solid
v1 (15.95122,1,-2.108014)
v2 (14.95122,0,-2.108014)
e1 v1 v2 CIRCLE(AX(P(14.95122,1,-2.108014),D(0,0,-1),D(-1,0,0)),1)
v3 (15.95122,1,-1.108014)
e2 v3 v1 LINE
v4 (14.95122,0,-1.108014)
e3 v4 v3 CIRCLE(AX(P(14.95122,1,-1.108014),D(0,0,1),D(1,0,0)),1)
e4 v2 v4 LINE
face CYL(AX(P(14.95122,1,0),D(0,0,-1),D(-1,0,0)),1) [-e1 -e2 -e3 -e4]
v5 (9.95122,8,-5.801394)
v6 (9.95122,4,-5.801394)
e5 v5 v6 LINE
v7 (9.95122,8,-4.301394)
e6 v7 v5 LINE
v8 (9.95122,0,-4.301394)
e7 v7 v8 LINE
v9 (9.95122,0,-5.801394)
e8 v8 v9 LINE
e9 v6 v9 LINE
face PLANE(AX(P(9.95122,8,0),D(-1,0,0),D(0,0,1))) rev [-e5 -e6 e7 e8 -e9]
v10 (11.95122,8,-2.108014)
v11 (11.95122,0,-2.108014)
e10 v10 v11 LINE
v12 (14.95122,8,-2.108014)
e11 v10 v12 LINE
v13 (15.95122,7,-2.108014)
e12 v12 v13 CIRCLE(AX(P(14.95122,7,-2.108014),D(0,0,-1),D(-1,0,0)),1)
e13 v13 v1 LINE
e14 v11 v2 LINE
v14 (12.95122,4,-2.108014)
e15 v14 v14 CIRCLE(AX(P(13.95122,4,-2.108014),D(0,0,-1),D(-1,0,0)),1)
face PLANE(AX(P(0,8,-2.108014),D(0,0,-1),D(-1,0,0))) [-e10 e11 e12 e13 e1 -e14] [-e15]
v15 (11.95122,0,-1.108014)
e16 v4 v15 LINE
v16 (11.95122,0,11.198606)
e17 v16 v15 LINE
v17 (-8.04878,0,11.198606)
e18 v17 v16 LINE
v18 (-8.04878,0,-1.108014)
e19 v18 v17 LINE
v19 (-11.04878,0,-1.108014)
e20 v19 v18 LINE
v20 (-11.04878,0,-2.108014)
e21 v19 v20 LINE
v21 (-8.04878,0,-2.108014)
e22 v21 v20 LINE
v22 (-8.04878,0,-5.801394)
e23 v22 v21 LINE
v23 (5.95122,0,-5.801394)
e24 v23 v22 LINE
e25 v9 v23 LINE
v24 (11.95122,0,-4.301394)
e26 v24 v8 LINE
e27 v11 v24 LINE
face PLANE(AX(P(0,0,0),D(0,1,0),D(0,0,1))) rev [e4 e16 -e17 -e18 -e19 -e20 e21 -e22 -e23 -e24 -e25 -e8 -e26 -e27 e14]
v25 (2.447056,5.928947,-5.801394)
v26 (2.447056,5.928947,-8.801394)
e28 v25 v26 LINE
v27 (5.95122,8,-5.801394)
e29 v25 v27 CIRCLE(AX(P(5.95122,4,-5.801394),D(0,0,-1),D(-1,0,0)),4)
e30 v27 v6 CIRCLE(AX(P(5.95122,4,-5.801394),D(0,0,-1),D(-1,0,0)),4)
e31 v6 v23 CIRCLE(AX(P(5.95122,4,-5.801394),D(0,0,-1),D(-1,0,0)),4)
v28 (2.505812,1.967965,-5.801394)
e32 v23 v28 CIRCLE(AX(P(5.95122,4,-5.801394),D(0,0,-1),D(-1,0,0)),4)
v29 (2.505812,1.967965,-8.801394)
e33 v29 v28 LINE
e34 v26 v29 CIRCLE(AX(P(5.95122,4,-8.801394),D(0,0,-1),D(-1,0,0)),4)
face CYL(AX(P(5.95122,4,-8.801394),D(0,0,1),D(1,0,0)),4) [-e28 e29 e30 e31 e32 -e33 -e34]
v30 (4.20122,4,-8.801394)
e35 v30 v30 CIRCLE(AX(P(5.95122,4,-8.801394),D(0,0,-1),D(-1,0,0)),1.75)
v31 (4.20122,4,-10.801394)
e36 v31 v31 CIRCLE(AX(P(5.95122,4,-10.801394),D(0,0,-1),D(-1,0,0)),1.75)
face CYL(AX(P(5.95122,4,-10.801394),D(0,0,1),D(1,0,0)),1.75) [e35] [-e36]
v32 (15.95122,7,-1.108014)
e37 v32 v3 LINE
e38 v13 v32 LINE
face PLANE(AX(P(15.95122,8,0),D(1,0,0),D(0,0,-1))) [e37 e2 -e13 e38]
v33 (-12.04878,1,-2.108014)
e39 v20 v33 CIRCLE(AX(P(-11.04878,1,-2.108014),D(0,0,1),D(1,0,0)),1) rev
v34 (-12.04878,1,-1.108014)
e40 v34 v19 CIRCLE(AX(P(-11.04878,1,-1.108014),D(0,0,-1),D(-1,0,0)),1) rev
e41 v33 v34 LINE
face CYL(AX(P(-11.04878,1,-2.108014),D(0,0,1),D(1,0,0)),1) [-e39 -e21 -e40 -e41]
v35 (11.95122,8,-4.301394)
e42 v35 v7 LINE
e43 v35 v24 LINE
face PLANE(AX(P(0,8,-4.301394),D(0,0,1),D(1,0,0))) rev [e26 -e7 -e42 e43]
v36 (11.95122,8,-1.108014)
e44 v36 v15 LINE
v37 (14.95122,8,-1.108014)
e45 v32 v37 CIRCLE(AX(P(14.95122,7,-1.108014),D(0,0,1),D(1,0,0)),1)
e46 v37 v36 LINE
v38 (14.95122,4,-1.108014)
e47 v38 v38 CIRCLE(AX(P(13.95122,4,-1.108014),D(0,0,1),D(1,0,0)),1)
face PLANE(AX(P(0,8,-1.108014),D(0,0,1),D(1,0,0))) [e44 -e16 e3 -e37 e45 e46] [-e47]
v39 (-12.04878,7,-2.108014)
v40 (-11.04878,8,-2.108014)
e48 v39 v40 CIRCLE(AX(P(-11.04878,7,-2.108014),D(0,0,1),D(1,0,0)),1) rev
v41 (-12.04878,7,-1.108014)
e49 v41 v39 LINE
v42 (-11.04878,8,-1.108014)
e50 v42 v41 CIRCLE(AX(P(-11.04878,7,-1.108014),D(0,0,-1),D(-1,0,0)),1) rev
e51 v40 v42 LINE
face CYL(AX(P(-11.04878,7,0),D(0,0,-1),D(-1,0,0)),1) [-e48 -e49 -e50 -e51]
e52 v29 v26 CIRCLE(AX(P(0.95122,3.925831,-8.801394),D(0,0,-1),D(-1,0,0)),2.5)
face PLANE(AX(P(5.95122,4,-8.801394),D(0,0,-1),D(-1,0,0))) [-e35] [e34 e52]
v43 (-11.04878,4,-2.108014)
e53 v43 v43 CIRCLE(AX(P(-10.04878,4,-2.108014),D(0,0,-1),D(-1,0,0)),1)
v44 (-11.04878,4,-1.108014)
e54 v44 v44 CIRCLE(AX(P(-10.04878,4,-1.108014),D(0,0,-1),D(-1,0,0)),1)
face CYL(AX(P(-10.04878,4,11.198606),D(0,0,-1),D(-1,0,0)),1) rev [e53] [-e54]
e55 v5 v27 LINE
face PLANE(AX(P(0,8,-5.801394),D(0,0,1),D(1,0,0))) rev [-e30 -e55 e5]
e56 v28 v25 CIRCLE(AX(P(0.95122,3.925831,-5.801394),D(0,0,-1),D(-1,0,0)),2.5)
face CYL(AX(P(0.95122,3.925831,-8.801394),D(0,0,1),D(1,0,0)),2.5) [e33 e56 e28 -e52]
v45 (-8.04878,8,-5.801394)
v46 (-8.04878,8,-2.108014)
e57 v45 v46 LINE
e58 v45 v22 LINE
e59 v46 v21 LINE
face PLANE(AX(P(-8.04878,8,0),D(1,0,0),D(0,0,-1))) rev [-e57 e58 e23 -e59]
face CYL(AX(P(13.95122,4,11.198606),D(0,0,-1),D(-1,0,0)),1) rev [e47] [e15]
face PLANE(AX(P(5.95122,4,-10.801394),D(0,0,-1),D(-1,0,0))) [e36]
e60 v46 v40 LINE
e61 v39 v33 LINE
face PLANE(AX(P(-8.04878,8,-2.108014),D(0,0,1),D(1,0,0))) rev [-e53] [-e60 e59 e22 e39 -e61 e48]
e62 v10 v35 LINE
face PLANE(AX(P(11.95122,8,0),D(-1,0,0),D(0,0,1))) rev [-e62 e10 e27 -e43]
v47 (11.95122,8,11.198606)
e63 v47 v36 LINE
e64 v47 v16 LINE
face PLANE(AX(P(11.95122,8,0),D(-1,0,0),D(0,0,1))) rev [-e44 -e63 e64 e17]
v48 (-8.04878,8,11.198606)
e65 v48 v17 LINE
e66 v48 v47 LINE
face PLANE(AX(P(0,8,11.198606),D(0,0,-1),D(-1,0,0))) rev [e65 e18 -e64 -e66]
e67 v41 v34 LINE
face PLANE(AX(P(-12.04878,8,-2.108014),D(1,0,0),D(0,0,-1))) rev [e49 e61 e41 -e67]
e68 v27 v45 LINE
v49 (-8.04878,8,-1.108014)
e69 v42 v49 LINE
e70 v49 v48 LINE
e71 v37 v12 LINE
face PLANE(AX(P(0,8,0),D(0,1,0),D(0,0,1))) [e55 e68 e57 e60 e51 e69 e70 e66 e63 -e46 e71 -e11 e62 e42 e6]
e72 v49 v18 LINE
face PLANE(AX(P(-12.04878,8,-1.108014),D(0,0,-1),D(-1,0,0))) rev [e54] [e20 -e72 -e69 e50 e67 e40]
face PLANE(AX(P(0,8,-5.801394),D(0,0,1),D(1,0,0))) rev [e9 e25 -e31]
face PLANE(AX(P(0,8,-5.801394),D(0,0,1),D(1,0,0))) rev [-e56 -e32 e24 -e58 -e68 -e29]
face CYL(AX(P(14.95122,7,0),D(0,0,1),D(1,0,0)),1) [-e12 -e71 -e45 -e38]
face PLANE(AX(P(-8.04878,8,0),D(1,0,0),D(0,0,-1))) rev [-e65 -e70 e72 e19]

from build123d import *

# Parameters (mm, degrees)
SKETCH1_W           = 4
SKETCH1_H           = 1
BOSS_EXTRUDE3_DEPTH = 8
SKETCH2_R           = 4
BOSS_EXTRUDE5_DEPTH = 3
SKETCH3_R           = 2.5
BOSS_EXTRUDE6_DEPTH = 3
SKETCH4_R           = 1
CUT_EXTRUDE1_DEPTH  = 23.259998772
FILLET2_R           = 1
FILLET3_R           = 1
SKETCH6_R           = 1.75
BOSS_EXTRUDE8_DEPTH = 2


with BuildPart() as part:
    # Sketch1 → Boss-Extrude3 (new body)
    with BuildSketch(Plane(origin=(0, 0, 0), x_dir=(1, 0, 0), z_dir=(0, 1, 0))):
        Polygon((9.951219512, 4.301393728), (9.951219512, 5.801393728), (-8.048780488, 5.801393728), (-8.048780488, -11.198606272), (11.951219512, -11.198606272), (11.951219512, 4.301393728), align=None)
        with Locations((13.951219512, 1.608013937)):
            Rectangle(SKETCH1_W, SKETCH1_H)
        with Locations((-10.048780488, 1.608013937)):
            Rectangle(SKETCH1_W, SKETCH1_H)
    extrude(amount=BOSS_EXTRUDE3_DEPTH)

    # Sketch2 → Boss-Extrude5 (add)
    with BuildSketch(Plane(origin=(0, 0, -5.801393728), x_dir=(-1, 0, 0), z_dir=(0, 0, -1))):
        with Locations(Location((-5.951219512, 4, 0), (0, 0, 180))):
            Circle(SKETCH2_R)
    extrude(amount=BOSS_EXTRUDE5_DEPTH)

    # Sketch3 → Boss-Extrude6 (add)
    with BuildSketch(Plane(origin=(0, 0, -5.801393728), x_dir=(-1, 0, 0), z_dir=(0, 0, -1))):
        with Locations((-0.951219512, 3.925831124)):
            Circle(SKETCH3_R)
    extrude(amount=BOSS_EXTRUDE6_DEPTH)

    # Sketch4 → Cut-Extrude1 (cut, through all)
    with BuildSketch(Plane(origin=(0, 0, -2.108013937), x_dir=(-1, 0, 0), z_dir=(0, 0, -1))):
        with Locations((-13.951219512, 4)):
            Circle(SKETCH4_R)
        with Locations((10.048780488, 4)):
            Circle(SKETCH4_R)
    extrude(amount=-CUT_EXTRUDE1_DEPTH, mode=Mode.SUBTRACT)

    # Fillet2
    fillet2_edges = [part.edges().sort_by_distance(p)[0] for p in [
        (15.951219512, 8, -1.608013937),
    ]]
    fillet(fillet2_edges, radius=FILLET2_R)

    # Fillet3
    fillet3_edges = [part.edges().sort_by_distance(p)[0] for p in [
        (15.951219512, 0, -1.608013937),
        (-12.048780488, 8, -1.608013937),
        (-12.048780488, 0, -1.608013937),
    ]]
    fillet(fillet3_edges, radius=FILLET3_R)

    # Sketch6 → Boss-Extrude8 (add)
    with BuildSketch(Plane(origin=(0, 0, -8.801393728), x_dir=(-1, 0, 0), z_dir=(0, 0, -1))):
        with Locations((-5.951219512, 4)):
            Circle(SKETCH6_R)
    extrude(amount=BOSS_EXTRUDE8_DEPTH)


solid = part.part
